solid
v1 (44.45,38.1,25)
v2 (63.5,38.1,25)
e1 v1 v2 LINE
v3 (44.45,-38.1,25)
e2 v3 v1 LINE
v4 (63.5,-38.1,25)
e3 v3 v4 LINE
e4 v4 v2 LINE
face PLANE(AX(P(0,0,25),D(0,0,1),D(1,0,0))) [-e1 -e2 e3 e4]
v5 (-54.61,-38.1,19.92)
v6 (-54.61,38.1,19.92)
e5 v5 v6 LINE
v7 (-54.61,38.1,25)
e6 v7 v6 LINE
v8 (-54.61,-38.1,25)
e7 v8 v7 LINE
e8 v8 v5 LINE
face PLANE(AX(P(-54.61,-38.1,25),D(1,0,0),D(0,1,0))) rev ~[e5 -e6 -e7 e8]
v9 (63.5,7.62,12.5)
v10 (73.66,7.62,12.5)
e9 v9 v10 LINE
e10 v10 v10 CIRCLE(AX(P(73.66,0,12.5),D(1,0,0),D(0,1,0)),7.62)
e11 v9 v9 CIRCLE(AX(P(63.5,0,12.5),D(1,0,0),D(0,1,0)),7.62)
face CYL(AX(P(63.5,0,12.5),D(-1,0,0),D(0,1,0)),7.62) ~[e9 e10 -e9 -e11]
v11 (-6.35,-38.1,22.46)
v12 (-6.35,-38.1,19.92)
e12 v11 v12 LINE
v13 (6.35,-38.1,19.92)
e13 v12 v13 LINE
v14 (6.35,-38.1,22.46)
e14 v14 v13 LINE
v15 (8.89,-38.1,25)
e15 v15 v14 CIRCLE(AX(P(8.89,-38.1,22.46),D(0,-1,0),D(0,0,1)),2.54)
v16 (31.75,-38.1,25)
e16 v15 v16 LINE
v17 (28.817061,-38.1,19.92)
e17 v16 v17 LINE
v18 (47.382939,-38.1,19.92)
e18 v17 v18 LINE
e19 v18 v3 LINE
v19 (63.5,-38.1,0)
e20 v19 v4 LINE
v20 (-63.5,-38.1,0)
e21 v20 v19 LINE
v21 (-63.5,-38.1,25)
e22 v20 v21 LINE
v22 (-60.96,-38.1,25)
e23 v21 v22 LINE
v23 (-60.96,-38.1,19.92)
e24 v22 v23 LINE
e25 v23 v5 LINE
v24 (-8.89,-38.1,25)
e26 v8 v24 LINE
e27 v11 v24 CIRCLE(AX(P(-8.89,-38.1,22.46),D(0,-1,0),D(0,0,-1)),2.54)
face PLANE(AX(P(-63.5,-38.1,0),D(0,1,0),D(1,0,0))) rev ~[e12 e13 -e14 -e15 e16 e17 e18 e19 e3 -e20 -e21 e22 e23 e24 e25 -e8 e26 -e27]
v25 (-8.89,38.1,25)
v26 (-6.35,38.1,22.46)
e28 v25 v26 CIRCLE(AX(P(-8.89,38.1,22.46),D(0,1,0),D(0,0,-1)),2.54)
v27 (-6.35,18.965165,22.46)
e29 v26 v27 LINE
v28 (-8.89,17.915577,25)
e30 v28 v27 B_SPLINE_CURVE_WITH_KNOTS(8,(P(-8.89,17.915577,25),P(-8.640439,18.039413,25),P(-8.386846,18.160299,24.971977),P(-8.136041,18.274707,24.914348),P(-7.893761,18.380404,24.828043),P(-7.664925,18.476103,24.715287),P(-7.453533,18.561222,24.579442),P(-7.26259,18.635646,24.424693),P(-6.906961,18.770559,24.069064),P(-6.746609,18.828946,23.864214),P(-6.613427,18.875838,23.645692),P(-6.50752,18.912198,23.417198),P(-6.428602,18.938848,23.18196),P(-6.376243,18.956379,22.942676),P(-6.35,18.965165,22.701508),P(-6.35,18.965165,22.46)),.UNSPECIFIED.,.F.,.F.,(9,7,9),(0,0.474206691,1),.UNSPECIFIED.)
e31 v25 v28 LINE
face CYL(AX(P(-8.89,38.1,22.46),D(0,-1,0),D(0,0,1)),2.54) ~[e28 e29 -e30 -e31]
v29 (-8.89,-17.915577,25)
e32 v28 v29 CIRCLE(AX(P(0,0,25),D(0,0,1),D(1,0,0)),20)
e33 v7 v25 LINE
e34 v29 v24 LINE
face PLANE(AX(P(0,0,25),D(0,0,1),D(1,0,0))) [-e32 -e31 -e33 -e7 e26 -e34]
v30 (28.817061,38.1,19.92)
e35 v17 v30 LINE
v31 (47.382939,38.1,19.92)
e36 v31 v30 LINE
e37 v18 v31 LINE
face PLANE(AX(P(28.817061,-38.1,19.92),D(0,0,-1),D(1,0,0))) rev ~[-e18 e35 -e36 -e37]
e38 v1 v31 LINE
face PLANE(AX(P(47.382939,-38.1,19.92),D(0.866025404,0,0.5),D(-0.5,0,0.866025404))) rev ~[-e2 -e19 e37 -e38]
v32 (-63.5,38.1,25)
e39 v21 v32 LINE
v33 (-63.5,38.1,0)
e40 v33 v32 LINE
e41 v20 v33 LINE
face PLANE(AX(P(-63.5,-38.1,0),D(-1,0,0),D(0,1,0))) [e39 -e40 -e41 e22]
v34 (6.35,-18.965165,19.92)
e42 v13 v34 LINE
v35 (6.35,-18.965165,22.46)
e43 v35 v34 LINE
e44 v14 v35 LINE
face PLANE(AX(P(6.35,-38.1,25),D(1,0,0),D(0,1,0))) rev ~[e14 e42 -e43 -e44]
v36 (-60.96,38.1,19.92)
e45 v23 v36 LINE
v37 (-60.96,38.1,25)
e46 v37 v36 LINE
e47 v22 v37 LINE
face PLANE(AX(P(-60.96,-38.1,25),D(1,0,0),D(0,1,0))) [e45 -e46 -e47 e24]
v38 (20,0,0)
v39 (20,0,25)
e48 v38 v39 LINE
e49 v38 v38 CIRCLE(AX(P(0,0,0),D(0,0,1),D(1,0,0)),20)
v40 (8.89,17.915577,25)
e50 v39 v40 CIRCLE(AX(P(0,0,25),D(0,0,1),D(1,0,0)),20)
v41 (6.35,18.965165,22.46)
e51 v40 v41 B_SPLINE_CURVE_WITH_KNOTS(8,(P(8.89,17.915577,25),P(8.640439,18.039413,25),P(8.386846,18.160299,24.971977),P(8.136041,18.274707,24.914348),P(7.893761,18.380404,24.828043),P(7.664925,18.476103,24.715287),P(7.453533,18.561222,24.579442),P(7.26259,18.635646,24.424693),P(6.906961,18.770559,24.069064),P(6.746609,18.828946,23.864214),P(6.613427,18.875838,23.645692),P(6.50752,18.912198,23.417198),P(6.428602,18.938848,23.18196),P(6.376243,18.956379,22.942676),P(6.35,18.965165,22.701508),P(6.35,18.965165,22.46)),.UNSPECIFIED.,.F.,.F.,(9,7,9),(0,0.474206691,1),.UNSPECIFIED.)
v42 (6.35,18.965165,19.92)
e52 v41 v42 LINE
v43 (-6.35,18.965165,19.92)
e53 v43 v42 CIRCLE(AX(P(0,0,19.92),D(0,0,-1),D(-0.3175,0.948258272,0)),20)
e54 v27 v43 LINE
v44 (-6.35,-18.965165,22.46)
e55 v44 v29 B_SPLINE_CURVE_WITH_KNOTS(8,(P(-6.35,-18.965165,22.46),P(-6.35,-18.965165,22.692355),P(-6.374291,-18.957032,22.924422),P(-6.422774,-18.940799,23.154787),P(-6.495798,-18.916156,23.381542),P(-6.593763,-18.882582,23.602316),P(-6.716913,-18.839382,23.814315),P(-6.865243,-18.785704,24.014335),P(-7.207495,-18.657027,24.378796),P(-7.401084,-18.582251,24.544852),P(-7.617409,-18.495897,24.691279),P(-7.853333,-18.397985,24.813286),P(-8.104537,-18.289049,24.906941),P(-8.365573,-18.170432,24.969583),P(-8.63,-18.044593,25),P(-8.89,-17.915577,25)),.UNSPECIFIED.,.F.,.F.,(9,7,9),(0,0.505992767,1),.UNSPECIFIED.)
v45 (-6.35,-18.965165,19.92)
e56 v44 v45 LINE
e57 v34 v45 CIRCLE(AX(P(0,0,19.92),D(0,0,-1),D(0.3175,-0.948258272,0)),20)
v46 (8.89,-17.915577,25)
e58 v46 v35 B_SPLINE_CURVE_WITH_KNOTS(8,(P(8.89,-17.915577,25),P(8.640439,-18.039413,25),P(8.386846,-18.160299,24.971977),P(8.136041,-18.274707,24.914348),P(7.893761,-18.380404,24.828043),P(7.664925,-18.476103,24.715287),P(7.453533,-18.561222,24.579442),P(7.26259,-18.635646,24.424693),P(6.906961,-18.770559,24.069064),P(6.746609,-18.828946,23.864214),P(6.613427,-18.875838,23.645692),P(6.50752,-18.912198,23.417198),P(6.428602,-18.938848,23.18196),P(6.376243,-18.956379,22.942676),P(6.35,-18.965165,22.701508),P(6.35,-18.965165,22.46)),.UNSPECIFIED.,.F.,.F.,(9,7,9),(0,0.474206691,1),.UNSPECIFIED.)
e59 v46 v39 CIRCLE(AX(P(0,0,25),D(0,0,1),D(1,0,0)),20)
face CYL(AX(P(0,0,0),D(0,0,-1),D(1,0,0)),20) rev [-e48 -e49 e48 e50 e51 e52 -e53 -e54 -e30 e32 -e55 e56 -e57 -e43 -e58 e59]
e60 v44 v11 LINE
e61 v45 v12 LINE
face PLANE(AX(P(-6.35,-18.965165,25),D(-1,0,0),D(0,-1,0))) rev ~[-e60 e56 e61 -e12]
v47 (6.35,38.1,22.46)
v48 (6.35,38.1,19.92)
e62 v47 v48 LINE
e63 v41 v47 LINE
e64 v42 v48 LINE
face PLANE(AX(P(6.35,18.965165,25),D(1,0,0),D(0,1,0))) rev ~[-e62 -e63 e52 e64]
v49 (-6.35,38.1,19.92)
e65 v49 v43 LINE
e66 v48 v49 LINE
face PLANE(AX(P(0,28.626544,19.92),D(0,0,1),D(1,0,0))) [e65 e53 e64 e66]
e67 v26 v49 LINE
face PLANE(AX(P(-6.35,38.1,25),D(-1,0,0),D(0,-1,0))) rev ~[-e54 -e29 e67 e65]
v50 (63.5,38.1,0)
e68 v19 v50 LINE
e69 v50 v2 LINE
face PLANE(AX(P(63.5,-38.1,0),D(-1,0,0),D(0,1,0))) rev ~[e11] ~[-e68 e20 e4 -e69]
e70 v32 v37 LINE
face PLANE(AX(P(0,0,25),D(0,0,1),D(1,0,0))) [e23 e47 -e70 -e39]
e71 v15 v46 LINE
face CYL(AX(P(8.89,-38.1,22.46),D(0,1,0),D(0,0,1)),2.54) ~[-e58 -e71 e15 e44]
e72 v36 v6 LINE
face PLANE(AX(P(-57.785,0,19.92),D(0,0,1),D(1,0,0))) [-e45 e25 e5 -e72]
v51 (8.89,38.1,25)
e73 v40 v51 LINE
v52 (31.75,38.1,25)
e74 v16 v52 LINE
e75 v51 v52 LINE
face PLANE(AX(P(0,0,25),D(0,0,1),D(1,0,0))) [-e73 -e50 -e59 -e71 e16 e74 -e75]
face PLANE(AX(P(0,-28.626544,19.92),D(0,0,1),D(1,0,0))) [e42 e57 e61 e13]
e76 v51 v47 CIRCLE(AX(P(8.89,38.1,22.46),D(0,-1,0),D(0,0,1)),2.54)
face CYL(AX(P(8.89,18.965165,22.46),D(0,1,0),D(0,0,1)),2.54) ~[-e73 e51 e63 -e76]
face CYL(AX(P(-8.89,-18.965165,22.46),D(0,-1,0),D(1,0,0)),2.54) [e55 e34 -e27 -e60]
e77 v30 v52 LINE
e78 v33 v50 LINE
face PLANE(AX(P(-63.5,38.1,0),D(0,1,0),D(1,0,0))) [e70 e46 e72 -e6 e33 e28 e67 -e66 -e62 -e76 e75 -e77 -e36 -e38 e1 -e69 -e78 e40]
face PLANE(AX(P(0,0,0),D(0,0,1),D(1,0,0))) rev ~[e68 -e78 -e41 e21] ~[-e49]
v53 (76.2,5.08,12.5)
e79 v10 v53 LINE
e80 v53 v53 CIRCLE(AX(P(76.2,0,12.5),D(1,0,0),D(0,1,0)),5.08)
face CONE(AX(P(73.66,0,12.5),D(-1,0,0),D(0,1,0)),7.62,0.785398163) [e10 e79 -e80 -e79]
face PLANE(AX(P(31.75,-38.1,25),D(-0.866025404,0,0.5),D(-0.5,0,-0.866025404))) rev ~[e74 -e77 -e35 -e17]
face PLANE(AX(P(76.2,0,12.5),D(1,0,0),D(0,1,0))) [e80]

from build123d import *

# Parameters (mm, degrees)
F0_W     = 127
F0_H     = 76.2
F0_R     = 20
F1_DEPTH = 25
F2_W     = 6.35
F2_H     = 76.2
F3_DEPTH = 5.08
F5_DEPTH = 76.201
F6_R     = 7.62
F7_DEPTH = 12.7
F8_R     = 2.54
F9_SIZE  = 2.54


with BuildPart() as f1:
    # F0 (on Top) → F1 (new body)
    with BuildSketch(Plane.XY):
        Rectangle(F0_W, F0_H)
        Circle(F0_R, mode=Mode.SUBTRACT)
    extrude(amount=F1_DEPTH)

    # F2 (on face) → F3 (cut)
    with BuildSketch(Plane.XY.offset(25)):
        with Locations((-57.785, 0)):
            Rectangle(F2_W, F2_H)
        with BuildLine():
            Line((-6.35, -18.9651654356), (-6.35, -38.1))
            Line((-6.35, -38.1), (6.35, -38.1))
            Line((6.35, -38.1), (6.35, -18.9651654356))
            ThreePointArc((6.35, -18.9651654356), (0, -20), (-6.35, -18.9651654356))
        make_face()
        with BuildLine():
            Line((6.35, 38.1), (-6.35, 38.1))
            Line((-6.35, 38.1), (-6.35, 18.9651654356))
            ThreePointArc((-6.35, 18.9651654356), (0, 20), (6.35, 18.9651654356))
            Line((6.35, 18.9651654356), (6.35, 38.1))
        make_face()
    extrude(amount=-F3_DEPTH, mode=Mode.SUBTRACT)

    # F4 (on face) → F5 (cut, through all)
    with BuildSketch(Plane.XZ.offset(38.1)):
        Polygon((44.45, 25), (31.75, 25), (28.8170606325, 19.92), (47.3829393675, 19.92), align=None)
    extrude(amount=-F5_DEPTH, mode=Mode.SUBTRACT)

    # F6 (on face) → F7 (join)
    with BuildSketch(Plane.YZ.offset(63.5)):
        with Locations((0, 12.5)):
            Circle(F6_R)
    extrude(amount=F7_DEPTH)

    # F8
    f8_edges = [f1.edges().sort_by_distance(p)[0] for p in [
        (-6.35, -28.532583, 25),
        (-6.35, 28.532583, 25),
        (6.35, 28.532583, 25),
        (6.35, -28.532583, 25),
    ]]
    fillet(f8_edges, radius=F8_R)

    # F9
    f9_edges = [f1.edges().sort_by_distance(p)[0] for p in [
        (76.2, -7.62, 12.5),
    ]]
    chamfer(f9_edges, length=F9_SIZE)


solid = f1.part
